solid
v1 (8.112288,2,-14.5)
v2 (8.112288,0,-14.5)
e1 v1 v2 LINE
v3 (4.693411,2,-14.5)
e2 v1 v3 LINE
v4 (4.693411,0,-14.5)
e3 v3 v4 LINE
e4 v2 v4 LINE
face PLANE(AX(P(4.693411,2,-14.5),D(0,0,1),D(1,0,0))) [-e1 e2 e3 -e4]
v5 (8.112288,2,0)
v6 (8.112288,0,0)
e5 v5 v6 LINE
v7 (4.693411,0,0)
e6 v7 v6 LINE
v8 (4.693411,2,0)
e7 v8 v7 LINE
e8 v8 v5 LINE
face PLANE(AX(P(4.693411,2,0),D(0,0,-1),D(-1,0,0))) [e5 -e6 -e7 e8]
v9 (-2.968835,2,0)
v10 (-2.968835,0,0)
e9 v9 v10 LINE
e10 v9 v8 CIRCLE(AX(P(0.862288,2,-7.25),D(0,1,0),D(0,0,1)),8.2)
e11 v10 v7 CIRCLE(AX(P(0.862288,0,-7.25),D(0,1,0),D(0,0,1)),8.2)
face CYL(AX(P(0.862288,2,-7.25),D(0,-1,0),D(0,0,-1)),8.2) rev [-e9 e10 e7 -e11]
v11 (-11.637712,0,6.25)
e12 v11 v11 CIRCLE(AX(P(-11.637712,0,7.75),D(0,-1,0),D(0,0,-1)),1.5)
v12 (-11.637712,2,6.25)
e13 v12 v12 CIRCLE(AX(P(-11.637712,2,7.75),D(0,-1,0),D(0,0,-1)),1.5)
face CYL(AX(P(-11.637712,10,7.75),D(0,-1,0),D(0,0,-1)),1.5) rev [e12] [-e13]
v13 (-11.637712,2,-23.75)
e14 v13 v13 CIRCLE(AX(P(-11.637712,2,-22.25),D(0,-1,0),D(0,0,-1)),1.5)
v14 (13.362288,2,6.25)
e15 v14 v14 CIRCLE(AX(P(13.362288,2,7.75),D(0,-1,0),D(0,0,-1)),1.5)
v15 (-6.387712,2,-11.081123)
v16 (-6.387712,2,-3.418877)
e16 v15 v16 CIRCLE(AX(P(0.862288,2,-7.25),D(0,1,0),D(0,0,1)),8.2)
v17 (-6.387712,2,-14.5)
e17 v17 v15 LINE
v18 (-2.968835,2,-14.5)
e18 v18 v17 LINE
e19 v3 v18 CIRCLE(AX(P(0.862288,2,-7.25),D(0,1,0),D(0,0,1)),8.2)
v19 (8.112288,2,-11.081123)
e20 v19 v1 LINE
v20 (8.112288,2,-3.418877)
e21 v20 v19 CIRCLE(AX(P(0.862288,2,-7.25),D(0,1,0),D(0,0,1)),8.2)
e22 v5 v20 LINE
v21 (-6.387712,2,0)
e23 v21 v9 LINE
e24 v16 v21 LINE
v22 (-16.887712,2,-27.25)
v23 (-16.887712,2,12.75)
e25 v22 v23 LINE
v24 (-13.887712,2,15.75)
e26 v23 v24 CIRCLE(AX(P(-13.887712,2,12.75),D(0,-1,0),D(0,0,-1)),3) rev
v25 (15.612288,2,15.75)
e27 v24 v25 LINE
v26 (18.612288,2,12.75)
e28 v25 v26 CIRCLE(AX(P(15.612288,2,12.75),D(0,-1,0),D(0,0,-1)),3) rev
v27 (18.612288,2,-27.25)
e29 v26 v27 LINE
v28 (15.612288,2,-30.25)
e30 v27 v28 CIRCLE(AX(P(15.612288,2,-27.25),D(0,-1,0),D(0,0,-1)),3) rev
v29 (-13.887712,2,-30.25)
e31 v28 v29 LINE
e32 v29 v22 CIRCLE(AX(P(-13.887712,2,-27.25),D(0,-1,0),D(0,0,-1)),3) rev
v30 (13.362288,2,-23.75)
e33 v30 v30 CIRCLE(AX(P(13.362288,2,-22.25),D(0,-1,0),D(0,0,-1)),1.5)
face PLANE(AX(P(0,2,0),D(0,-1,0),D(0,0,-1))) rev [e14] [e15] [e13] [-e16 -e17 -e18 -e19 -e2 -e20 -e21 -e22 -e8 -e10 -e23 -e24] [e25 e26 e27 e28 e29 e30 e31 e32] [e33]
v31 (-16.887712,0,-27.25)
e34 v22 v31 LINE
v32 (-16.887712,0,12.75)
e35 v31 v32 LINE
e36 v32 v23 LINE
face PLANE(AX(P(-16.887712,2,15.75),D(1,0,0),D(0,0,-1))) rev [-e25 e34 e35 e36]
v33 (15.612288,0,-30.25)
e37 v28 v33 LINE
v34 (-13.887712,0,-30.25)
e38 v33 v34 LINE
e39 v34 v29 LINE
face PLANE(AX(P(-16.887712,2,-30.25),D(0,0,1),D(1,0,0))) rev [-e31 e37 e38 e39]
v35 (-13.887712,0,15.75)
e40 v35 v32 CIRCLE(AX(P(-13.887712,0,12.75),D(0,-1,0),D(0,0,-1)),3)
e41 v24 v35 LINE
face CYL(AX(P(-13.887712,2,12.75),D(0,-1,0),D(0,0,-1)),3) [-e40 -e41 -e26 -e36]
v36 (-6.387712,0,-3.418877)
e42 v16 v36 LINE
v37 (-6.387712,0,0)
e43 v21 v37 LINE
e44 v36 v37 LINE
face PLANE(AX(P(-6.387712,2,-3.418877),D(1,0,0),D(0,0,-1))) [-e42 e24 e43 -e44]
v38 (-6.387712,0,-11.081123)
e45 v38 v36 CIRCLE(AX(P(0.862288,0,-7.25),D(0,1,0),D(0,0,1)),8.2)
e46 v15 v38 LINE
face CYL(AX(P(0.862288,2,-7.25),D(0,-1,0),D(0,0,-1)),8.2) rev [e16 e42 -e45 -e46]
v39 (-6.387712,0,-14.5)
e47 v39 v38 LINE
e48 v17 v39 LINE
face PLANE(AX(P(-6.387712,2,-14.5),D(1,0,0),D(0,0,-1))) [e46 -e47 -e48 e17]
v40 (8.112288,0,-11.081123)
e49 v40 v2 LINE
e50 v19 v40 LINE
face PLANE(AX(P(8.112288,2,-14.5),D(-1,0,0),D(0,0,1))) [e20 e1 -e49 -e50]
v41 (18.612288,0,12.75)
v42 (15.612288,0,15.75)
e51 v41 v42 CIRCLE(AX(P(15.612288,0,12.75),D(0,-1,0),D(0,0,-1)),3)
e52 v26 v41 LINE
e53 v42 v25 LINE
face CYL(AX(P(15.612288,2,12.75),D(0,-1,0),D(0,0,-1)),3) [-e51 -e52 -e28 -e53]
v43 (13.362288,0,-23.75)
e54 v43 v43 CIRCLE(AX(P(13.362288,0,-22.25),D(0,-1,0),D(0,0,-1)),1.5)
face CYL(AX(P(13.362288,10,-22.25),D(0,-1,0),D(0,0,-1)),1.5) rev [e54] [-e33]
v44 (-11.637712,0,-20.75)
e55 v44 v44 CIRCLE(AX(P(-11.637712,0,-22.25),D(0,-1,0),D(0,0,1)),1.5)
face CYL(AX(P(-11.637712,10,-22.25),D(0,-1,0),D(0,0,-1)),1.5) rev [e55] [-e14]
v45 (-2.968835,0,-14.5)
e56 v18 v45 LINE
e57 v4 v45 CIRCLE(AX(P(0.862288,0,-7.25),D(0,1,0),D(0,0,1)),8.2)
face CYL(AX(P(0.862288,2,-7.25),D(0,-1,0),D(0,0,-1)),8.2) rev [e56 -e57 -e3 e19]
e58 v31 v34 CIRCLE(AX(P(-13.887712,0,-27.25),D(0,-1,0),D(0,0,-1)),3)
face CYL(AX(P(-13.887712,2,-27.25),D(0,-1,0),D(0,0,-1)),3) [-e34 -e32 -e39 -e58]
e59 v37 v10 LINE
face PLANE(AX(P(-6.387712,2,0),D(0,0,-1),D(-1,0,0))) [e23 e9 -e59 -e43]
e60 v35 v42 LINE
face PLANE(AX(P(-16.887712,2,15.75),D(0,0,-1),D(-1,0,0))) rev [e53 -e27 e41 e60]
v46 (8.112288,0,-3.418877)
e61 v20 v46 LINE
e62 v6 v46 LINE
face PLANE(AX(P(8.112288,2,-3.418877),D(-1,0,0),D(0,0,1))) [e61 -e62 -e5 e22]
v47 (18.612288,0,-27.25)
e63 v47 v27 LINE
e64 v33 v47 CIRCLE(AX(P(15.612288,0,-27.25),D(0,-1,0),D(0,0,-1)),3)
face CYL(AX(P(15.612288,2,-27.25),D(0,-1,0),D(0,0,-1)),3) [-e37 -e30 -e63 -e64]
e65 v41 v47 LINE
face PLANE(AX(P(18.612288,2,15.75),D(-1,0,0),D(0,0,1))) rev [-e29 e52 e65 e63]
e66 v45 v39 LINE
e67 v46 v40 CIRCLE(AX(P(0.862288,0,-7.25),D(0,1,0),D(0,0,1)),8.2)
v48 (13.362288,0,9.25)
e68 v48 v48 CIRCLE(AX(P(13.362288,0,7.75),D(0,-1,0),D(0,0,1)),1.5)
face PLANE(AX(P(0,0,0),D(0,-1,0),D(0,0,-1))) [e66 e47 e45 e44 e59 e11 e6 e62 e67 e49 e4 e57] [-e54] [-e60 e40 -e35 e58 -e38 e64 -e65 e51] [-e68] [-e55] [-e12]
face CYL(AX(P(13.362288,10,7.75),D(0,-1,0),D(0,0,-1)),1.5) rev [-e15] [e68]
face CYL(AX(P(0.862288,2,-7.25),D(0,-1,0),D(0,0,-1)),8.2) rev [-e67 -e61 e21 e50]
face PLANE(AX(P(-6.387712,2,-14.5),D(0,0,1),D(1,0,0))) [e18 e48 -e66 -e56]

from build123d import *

# Parameters (mm, degrees)
SKETCH_1_W          = 35.5
SKETCH_1_H          = 46
EXTRUDE_1_DEPTH     = 2
FILLET_2_R          = 3
SKETCH_3_R          = 1.5
CUT_EXTRUDE_1_DEPTH = 10


with BuildPart() as part:
    # 草图1 → 凸台-拉伸1 (new body)
    with BuildSketch(Plane(origin=(0, 0, 0), x_dir=(1, 0, 0), z_dir=(0, 1, 0))):
        with Locations((0.862287952, 7.25)):
            Rectangle(SKETCH_1_W, SKETCH_1_H)
        with BuildLine():
            Line((-6.387712048, 3.418877449), (-6.387712048, 0))
            Line((-6.387712048, 0), (-2.968834599, 0))
            ThreePointArc((-2.968834599, 0), (0.862287952, -0.95), (4.693410503, 0))
            Line((4.693410503, 0), (8.112287952, 0))
            Line((8.112287952, 0), (8.112287952, 3.418877449))
            ThreePointArc((8.112287952, 3.418877449), (9.062287952, 7.25), (8.112287952, 11.081122551))
            Line((8.112287952, 11.081122551), (8.112287952, 14.5))
            Line((8.112287952, 14.5), (4.693410503, 14.5))
            ThreePointArc((4.693410503, 14.5), (0.862287952, 15.45), (-2.968834599, 14.5))
            Line((-2.968834599, 14.5), (-6.387712048, 14.5))
            Line((-6.387712048, 14.5), (-6.387712048, 11.081122551))
            ThreePointArc((-6.387712048, 11.081122551), (-7.337712048, 7.25), (-6.387712048, 3.418877449))
        make_face(mode=Mode.SUBTRACT)
    extrude(amount=EXTRUDE_1_DEPTH)

    # 圆角2
    fillet_2_edges = [part.edges().sort_by_distance(p)[0] for p in [
        (-16.887712048, 1, -30.25),
        (18.612287952, 1, -30.25),
        (18.612287952, 1, 15.75),
        (-16.887712048, 1, 15.75),
    ]]
    fillet(fillet_2_edges, radius=FILLET_2_R)

    # 草图3 → 切除-拉伸1 (cut)
    with BuildSketch(Plane.XZ):
        with Locations(Location((-11.637712048, 7.75, 0), (0, 0, 270))):
            Circle(SKETCH_3_R)
        with Locations(Location((-11.637712048, -22.25, 0), (0, 0, 270))):
            Circle(SKETCH_3_R)
        with Locations(Location((13.362287952, -22.25, 0), (0, 0, 270))):
            Circle(SKETCH_3_R)
        with Locations(Location((13.362287952, 7.75, 0), (0, 0, 270))):
            Circle(SKETCH_3_R)
    extrude(amount=-CUT_EXTRUDE_1_DEPTH, mode=Mode.SUBTRACT)


solid = part.part
